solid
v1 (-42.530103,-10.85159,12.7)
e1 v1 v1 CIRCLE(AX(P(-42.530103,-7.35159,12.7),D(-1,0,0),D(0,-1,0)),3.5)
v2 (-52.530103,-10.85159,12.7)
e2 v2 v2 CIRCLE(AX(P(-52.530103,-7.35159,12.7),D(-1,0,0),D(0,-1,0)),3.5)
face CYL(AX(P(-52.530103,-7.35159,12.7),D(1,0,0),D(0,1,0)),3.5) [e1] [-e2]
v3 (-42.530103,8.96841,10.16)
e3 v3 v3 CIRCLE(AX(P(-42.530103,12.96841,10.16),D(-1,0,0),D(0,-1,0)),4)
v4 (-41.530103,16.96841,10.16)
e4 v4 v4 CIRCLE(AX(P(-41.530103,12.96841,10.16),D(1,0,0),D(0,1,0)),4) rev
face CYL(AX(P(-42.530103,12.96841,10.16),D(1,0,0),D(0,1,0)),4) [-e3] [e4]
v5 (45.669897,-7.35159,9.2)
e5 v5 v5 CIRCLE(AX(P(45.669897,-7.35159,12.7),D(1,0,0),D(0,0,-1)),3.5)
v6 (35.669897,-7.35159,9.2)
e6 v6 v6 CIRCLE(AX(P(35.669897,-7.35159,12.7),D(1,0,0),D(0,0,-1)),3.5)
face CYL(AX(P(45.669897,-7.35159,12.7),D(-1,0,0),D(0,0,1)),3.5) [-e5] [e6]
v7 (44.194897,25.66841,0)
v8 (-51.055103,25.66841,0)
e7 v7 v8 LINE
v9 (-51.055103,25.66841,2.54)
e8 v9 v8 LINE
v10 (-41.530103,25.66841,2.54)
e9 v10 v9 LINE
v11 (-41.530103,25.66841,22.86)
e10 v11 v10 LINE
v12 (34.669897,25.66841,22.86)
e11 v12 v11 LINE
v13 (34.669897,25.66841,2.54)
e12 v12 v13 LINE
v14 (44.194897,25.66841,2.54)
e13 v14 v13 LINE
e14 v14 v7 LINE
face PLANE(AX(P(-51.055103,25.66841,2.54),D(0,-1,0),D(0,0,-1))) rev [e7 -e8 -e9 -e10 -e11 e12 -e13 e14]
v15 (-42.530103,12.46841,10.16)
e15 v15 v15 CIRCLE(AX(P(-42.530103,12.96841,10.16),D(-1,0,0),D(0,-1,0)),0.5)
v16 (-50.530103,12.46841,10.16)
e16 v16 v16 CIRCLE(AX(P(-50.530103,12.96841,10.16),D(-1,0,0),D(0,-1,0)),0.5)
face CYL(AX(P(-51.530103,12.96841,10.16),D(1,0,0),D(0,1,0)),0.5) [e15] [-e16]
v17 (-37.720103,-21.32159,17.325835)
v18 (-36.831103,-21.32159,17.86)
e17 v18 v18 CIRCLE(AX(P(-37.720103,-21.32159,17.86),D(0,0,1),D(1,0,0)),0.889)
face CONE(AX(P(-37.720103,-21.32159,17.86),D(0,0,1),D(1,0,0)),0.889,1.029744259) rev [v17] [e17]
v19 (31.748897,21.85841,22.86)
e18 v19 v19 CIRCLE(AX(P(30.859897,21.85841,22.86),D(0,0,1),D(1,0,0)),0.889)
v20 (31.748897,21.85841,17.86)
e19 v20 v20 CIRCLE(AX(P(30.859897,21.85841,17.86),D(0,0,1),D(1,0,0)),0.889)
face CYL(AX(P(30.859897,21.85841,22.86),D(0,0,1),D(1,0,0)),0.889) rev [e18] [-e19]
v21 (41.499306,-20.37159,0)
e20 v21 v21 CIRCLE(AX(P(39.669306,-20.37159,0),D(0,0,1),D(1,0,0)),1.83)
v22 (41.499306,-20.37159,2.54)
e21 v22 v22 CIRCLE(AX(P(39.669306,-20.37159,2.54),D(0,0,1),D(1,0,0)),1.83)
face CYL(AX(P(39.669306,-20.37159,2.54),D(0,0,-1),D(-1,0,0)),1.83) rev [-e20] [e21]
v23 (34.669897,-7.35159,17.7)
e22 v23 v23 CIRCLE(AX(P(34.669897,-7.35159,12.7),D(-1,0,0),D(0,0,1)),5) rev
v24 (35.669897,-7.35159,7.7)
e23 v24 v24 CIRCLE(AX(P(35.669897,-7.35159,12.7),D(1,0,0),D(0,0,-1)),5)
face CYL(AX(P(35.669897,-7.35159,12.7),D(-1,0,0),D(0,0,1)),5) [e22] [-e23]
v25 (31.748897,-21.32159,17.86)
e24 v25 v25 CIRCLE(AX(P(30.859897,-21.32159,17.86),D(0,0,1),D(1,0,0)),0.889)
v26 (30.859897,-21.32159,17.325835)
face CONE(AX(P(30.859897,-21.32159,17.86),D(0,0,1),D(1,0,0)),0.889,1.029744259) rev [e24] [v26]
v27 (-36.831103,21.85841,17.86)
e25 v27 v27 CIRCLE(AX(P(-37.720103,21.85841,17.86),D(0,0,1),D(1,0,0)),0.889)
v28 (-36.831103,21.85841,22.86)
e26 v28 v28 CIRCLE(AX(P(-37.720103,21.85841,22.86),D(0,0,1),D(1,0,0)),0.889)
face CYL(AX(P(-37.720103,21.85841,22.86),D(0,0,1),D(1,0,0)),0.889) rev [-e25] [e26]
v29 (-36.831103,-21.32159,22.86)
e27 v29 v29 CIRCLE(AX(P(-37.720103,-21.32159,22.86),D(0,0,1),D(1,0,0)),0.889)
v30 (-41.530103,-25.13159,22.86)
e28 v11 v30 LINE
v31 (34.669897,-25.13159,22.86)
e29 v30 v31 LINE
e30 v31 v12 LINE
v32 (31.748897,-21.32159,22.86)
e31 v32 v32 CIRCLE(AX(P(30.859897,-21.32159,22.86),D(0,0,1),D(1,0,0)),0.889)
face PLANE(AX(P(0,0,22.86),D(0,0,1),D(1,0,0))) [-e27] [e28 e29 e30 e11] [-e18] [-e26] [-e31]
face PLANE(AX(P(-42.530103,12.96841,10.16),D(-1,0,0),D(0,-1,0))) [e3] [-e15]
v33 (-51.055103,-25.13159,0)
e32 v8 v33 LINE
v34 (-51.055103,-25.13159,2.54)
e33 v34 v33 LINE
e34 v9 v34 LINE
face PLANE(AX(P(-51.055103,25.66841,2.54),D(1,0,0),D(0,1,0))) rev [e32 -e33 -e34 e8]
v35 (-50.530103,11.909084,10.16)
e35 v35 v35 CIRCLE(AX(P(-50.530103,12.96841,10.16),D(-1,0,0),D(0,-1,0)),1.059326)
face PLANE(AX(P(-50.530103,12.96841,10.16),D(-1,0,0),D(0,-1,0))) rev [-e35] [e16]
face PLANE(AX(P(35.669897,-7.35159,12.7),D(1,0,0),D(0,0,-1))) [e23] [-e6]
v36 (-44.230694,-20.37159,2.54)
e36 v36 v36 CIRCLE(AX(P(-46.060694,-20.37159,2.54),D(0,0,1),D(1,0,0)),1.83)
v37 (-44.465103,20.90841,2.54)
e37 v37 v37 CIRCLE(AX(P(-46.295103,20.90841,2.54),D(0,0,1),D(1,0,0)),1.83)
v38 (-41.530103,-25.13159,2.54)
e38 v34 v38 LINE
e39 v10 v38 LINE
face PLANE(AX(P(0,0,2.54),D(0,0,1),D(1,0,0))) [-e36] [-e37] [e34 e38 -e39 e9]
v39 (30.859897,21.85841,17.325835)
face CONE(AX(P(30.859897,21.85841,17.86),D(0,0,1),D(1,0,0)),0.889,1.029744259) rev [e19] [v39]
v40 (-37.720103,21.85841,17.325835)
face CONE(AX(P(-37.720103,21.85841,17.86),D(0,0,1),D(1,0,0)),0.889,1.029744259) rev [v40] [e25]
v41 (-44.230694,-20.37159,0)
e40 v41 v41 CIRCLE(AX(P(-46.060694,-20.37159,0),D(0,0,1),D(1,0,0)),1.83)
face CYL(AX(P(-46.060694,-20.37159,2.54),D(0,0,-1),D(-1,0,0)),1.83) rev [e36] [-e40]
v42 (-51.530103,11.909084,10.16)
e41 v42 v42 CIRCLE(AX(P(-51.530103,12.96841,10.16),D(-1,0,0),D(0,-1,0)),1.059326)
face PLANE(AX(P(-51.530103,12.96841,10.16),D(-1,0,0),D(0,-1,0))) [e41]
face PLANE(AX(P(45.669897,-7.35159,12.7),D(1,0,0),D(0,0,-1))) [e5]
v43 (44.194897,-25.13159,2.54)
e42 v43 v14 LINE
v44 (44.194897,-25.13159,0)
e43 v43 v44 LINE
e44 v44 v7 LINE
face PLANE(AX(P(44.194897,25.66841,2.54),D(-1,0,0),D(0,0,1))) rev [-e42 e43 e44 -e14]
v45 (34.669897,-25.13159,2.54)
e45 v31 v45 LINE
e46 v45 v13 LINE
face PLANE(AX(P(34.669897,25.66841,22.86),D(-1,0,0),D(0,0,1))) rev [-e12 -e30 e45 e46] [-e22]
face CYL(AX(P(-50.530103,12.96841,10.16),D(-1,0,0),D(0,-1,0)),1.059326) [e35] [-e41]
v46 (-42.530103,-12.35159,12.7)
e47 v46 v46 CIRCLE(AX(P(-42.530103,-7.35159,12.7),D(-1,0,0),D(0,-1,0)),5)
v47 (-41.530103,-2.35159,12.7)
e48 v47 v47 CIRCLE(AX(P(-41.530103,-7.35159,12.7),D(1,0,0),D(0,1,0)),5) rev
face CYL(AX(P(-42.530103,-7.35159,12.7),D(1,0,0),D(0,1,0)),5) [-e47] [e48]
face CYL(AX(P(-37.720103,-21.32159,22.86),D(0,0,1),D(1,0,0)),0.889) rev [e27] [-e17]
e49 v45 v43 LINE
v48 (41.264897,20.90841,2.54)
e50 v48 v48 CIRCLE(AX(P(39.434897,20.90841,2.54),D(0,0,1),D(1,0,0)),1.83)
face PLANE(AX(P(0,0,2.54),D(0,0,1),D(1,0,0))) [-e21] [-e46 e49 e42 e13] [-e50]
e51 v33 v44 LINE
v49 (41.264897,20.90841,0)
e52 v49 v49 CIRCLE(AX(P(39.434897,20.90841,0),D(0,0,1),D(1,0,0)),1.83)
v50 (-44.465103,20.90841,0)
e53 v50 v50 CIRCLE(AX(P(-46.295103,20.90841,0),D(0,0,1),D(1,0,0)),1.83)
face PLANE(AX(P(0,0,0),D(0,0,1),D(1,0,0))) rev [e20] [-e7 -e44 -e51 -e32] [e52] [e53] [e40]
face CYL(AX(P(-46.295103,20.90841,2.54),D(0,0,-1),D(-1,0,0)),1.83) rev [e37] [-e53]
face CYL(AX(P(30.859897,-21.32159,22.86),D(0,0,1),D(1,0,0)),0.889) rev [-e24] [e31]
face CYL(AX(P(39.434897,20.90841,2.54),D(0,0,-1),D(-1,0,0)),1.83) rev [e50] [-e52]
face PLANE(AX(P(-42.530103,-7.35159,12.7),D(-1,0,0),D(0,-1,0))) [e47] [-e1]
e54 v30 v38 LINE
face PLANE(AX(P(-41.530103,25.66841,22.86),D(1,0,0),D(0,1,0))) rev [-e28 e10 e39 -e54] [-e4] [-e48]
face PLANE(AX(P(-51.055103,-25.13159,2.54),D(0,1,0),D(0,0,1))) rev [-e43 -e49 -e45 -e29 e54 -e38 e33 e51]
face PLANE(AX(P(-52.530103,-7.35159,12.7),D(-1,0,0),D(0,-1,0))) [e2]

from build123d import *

# Parameters (mm, degrees)
SZKIC1_W                    = 95.25
SZKIC1_H                    = 50.8
SZKIC1_R                    = 1.83
DODANIE_WYCI_GNI_CIE1_DEPTH = 2.54
SZKIC2_W                    = 76.2
SZKIC2_H                    = 50.8
DODANIE_WYCI_GNI_CIE2_DEPTH = 20.32
OTW_R_50_0_07_1_D           = 1.778
OTW_R_50_0_07_1_DEPTH       = 5
OTW_R_50_0_07_1_TIP         = 0.53416509
SZKIC6_R                    = 3.5
DODANIE_WYCI_GNI_CIE3_DEPTH = 11
SZKIC7_R                    = 5
DODANIE_WYCI_GNI_CIE4_DEPTH = 1
DODANIE_WYCI_GNI_CIE5_START = 11
SZKIC8_R                    = 3.5
DODANIE_WYCI_GNI_CIE5_DEPTH = 11
DODANIE_WYCI_GNI_CIE6_START = 1
SZKIC9_R                    = 5
DODANIE_WYCI_GNI_CIE6_DEPTH = 1
SZKIC10_R                   = 0.5
DODANIE_WYCI_GNI_CIE7_DEPTH = 10
SZKIC12_R                   = 1.059326458
DODANIE_WYCI_GNI_CIE8_DEPTH = 1
SZKIC11_R                   = 4
DODANIE_WYCI_GNI_CIE9_DEPTH = 1


with BuildPart() as part:
    # Szkic1 → Dodanie-wyciągnięcie1 (new body)
    with BuildSketch(Plane.XY):
        with Locations((-3.430103099, 0.268410085)):
            Rectangle(SZKIC1_W, SZKIC1_H)
        with Locations((-46.060693789, -20.371589915)):
            Circle(SZKIC1_R, mode=Mode.SUBTRACT)
        with Locations((-46.295103099, 20.908410085)):
            Circle(SZKIC1_R, mode=Mode.SUBTRACT)
        with Locations((39.434896901, 20.908410085)):
            Circle(SZKIC1_R, mode=Mode.SUBTRACT)
        with Locations((39.669306211, -20.371589915)):
            Circle(SZKIC1_R, mode=Mode.SUBTRACT)
    extrude(amount=DODANIE_WYCI_GNI_CIE1_DEPTH)

    # Szkic2 → Dodanie-wyciągnięcie2 (add)
    with BuildSketch(Plane.XY.offset(2.54)):
        with Locations((-3.430103099, 0.268410085)):
            Rectangle(SZKIC2_W, SZKIC2_H)
    extrude(amount=DODANIE_WYCI_GNI_CIE2_DEPTH)

    # Otwór #50 (0.07)1
    with Locations(Plane.XY.offset(22.86)):
        with Locations((-37.720103099, 21.858410085), (30.859896901, 21.858410085), (30.859896901, -21.321589915), (-37.720103099, -21.321589915)):
            Hole(OTW_R_50_0_07_1_D / 2, depth=OTW_R_50_0_07_1_DEPTH)
            with Locations((0, 0, -(OTW_R_50_0_07_1_DEPTH + OTW_R_50_0_07_1_TIP / 2))):  # 118° drill point
                Cone(0, OTW_R_50_0_07_1_D / 2, OTW_R_50_0_07_1_TIP, mode=Mode.SUBTRACT)

    # Szkic6 → Dodanie-wyciągnięcie3 (add)
    with BuildSketch(Plane.ZY.offset(41.530103099)):
        with Locations(Location((12.7, -7.351589915, 0), (0, 0, 90))):
            Circle(SZKIC6_R)
    extrude(amount=DODANIE_WYCI_GNI_CIE3_DEPTH)

    # Szkic7 → Dodanie-wyciągnięcie4 (add)
    with BuildSketch(Plane.ZY.offset(41.530103099)):
        with Locations(Location((12.7, -7.351589915, 0), (0, 0, 90))):
            Circle(SZKIC7_R)
    extrude(amount=DODANIE_WYCI_GNI_CIE4_DEPTH)

    # Szkic8 → Dodanie-wyciągnięcie5 (add)
    with BuildSketch(Plane(origin=(34.669896901, 0, 0), x_dir=(0, 0, -1), z_dir=(1, 0, 0)).offset(DODANIE_WYCI_GNI_CIE5_START)):
        with Locations(Location((-12.7, -7.351589915, 0), (0, 0, 270))):
            Circle(SZKIC8_R)
    extrude(amount=-DODANIE_WYCI_GNI_CIE5_DEPTH)

    # Szkic9 → Dodanie-wyciągnięcie6 (add)
    with BuildSketch(Plane(origin=(34.669896901, 0, 0), x_dir=(0, 0, -1), z_dir=(1, 0, 0)).offset(DODANIE_WYCI_GNI_CIE6_START)):
        with Locations(Location((-12.7, -7.351589915, 0), (0, 0, 90))):
            Circle(SZKIC9_R)
    extrude(amount=-DODANIE_WYCI_GNI_CIE6_DEPTH)

    # Szkic10 → Dodanie-wyciągnięcie7 (add)
    with BuildSketch(Plane.ZY.offset(41.530103099)):
        with Locations(Location((10.16, 12.968410085, 0), (0, 0, 90))):
            Circle(SZKIC10_R)
    extrude(amount=DODANIE_WYCI_GNI_CIE7_DEPTH)

    # Szkic12 → Dodanie-wyciągnięcie8 (add)
    with BuildSketch(Plane.ZY.offset(51.530103099)):
        with Locations(Location((10.16, 12.968410085, 0), (0, 0, 270))):
            Circle(SZKIC12_R)
    extrude(amount=-DODANIE_WYCI_GNI_CIE8_DEPTH)

    # Szkic11 → Dodanie-wyciągnięcie9 (add)
    with BuildSketch(Plane.ZY.offset(41.530103099)):
        with Locations(Location((10.16, 12.968410085, 0), (0, 0, 90))):
            Circle(SZKIC11_R)
    extrude(amount=DODANIE_WYCI_GNI_CIE9_DEPTH)


solid = part.part
